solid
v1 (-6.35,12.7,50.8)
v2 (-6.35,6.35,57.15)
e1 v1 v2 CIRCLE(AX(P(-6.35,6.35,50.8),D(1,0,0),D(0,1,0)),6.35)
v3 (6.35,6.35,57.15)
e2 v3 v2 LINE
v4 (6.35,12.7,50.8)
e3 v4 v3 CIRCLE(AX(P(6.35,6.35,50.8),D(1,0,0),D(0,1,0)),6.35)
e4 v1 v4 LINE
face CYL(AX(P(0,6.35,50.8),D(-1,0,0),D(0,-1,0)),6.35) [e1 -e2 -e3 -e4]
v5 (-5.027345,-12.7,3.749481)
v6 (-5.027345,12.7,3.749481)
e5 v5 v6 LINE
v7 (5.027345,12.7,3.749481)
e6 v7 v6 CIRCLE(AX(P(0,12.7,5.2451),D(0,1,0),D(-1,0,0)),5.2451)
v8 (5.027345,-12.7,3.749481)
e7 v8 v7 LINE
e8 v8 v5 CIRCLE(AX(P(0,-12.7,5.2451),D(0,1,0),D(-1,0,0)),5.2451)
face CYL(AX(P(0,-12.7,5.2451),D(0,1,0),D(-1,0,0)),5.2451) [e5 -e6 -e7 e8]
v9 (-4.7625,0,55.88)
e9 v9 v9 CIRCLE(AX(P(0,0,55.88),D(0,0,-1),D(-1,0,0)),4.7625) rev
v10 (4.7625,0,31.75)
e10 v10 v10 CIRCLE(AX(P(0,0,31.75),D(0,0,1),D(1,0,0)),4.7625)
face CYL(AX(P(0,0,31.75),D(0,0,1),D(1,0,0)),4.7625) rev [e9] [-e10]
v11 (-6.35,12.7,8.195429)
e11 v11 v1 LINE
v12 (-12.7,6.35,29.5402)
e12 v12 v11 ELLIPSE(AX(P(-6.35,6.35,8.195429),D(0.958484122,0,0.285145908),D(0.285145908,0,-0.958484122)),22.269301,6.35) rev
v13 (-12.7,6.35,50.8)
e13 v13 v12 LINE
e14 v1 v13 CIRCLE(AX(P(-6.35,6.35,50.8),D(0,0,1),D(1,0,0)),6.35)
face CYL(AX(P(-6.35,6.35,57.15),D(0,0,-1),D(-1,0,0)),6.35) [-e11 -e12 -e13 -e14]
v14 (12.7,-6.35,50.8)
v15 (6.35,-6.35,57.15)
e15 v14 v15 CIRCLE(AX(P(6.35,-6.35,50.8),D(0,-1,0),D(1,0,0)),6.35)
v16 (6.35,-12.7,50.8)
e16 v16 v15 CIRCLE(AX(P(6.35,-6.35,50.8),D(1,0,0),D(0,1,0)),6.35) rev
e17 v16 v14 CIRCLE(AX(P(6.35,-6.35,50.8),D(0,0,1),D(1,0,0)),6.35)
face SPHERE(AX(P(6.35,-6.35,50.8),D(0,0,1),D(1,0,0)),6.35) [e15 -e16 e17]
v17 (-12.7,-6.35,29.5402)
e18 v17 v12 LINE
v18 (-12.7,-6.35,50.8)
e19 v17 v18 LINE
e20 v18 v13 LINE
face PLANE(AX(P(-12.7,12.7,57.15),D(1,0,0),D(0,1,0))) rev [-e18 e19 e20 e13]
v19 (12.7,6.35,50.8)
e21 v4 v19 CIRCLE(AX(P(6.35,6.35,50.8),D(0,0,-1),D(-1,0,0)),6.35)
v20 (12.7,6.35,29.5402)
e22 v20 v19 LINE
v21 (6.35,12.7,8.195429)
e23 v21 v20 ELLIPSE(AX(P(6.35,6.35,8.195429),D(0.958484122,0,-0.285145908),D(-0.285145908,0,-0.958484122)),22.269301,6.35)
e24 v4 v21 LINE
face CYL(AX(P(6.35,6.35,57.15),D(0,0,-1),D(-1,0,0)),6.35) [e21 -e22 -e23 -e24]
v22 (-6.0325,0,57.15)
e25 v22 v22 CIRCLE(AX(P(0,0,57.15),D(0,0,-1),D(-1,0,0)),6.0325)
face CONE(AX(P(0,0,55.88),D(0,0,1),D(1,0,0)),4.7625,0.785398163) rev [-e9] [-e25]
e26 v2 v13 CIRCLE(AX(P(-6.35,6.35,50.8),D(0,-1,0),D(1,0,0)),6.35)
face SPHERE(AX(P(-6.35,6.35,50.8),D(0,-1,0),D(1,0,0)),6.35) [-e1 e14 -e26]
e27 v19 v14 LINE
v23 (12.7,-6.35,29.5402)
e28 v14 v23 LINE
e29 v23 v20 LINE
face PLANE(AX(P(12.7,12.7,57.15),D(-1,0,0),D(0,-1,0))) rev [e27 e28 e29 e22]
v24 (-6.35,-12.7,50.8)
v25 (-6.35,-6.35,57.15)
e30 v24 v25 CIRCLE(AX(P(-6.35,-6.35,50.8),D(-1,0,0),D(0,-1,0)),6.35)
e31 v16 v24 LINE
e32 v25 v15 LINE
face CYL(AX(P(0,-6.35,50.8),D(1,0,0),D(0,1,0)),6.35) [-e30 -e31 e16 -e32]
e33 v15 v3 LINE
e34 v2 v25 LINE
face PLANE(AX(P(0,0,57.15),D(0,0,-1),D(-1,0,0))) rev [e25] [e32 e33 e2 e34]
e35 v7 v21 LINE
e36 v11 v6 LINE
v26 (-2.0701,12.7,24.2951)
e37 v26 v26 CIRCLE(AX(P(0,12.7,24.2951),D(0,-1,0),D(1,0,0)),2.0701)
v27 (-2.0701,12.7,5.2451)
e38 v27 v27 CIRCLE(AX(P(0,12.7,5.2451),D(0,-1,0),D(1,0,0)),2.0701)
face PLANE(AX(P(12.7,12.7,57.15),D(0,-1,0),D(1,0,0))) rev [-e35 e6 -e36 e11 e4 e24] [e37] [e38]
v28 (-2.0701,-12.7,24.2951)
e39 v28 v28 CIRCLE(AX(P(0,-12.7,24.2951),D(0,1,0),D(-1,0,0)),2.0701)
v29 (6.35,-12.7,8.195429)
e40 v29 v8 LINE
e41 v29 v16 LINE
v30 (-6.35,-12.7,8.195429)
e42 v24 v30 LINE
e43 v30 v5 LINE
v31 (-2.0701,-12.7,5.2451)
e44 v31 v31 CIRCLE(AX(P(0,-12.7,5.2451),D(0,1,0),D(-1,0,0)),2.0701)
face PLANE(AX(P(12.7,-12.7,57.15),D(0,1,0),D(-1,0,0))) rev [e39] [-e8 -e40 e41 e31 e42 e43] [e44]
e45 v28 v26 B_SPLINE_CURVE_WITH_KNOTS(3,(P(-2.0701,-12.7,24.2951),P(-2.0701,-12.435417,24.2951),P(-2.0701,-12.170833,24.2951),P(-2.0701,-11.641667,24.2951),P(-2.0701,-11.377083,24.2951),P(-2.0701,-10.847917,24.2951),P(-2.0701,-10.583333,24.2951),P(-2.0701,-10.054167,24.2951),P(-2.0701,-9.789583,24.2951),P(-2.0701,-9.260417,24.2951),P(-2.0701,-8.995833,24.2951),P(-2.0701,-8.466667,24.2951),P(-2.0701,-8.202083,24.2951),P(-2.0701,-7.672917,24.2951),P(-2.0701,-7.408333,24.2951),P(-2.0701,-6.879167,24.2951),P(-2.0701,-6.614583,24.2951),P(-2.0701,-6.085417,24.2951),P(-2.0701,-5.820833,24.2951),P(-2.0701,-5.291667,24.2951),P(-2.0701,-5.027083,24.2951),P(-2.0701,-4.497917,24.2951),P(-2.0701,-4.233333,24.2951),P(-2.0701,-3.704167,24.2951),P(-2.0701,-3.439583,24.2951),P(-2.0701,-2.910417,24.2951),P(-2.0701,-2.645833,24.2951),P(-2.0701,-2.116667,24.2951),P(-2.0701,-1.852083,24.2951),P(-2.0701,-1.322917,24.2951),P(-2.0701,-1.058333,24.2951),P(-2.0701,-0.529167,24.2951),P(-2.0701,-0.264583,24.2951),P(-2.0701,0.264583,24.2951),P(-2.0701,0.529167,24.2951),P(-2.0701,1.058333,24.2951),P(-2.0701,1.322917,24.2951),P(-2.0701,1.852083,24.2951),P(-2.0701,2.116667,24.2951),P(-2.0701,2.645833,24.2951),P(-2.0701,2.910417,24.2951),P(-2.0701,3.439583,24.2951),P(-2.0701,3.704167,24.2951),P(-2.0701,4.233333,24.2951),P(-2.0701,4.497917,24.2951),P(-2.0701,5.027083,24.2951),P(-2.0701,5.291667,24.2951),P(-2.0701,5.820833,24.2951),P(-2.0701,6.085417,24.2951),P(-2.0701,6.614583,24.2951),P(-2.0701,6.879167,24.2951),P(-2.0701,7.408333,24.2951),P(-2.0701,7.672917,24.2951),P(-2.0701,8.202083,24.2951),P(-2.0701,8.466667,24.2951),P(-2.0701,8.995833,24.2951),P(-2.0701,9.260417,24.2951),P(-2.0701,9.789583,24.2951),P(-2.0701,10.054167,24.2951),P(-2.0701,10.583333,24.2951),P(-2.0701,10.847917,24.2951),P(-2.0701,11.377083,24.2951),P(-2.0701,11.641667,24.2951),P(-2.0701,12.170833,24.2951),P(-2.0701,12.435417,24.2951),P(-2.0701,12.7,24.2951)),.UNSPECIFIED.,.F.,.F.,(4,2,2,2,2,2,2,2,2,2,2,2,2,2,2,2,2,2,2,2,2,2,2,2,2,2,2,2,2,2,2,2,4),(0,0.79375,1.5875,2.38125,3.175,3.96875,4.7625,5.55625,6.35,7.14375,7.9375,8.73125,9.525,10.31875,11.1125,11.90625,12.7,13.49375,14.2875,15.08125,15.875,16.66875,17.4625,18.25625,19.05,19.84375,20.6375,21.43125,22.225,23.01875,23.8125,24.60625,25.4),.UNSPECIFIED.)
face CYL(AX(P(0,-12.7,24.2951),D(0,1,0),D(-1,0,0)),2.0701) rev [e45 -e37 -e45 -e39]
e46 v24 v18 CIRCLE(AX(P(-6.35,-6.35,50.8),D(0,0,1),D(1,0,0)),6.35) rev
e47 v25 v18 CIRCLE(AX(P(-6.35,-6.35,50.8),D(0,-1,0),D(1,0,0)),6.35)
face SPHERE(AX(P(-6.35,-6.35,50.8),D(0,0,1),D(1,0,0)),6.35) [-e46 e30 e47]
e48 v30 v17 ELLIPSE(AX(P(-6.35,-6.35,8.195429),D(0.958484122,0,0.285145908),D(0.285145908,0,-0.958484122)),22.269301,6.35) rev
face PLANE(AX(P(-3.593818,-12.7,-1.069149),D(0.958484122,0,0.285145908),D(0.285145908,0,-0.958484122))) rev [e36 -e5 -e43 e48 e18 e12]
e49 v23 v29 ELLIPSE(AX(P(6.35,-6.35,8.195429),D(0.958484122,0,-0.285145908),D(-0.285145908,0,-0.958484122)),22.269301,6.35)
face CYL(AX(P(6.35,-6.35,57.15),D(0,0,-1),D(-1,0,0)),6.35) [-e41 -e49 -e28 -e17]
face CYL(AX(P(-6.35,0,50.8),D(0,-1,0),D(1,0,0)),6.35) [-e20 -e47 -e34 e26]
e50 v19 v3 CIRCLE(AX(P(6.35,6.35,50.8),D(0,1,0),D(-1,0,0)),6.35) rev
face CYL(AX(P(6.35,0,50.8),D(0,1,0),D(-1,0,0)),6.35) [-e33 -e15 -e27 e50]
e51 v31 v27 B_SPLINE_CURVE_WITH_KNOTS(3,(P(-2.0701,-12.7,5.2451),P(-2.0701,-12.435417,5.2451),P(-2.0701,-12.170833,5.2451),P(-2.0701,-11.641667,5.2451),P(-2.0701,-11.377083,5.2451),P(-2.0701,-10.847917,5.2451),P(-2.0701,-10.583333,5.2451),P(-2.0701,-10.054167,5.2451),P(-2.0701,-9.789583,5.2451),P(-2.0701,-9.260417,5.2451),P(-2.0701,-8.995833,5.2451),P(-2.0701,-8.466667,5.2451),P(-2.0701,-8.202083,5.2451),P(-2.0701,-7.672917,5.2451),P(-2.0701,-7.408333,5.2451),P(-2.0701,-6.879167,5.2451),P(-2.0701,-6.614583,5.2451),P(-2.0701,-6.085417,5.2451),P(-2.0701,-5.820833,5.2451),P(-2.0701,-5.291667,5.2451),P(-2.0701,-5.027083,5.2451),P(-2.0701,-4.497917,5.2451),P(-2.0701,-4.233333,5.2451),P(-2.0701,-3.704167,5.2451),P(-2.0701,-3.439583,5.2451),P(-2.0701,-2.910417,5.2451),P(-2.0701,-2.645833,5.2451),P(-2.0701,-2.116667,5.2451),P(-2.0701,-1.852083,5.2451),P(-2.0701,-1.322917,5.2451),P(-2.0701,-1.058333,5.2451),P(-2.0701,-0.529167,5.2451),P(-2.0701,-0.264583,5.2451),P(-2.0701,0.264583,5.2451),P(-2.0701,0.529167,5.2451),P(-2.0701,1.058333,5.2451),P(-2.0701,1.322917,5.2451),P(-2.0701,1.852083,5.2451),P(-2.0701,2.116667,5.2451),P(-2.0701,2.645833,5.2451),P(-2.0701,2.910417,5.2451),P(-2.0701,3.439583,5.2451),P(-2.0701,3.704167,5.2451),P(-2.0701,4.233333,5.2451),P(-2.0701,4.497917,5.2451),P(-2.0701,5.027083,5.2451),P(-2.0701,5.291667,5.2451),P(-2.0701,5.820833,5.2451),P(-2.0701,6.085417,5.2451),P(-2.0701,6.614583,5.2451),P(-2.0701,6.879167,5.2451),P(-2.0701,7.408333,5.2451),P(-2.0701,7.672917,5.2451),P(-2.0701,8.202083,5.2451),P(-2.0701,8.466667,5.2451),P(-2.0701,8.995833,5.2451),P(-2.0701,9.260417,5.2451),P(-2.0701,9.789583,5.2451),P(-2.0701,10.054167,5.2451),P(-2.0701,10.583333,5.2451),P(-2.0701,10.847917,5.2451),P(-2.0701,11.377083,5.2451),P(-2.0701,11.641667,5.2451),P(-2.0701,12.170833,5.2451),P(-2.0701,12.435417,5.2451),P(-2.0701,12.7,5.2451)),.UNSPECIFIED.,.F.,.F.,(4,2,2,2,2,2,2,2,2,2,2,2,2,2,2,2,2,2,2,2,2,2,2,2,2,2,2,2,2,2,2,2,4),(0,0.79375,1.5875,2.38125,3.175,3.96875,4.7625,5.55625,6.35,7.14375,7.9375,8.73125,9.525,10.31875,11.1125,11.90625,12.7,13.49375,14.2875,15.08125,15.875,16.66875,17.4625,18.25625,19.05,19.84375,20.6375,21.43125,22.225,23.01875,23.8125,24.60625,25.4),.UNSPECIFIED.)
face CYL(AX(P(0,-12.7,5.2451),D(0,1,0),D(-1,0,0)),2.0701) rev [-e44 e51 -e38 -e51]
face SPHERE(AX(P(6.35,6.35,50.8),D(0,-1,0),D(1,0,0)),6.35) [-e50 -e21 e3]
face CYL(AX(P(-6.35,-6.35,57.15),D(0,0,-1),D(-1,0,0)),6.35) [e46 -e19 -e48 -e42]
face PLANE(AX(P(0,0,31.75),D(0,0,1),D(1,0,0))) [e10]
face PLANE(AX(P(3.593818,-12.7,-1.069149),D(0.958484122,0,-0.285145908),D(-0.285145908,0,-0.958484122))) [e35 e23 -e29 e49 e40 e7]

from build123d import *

# Parameters (mm, degrees)
SKETCH1_W               = 25.4
SKETCH1_H               = 25.4
BOSS_EXTRUDE1_DEPTH     = 57.15
CUT_EXTRUDE1_DEPTH      = 64.816710194
CUT_EXTRUDE1_DEPTH_BACK = 64.816710194
SKETCH2_R               = 2.0701
SKETCH4_R               = 4.7625
CUT_EXTRUDE2_DEPTH      = 25.4
CHAMFER1_SIZE           = 1.27
FILLET1_R               = 6.35
FILLET2_R               = 6.35


with BuildPart() as part:
    # Sketch1 → Boss-Extrude1 (new body)
    with BuildSketch(Plane.XY):
        Rectangle(SKETCH1_W, SKETCH1_H)
    extrude(amount=BOSS_EXTRUDE1_DEPTH)

    # Sketch2 → Cut-Extrude1 (cut, two sides: drawn at the far end of the back side and taken through both)
    with BuildSketch(Plane(origin=(0, 12.7, 0), x_dir=(1, 0, 0), z_dir=(0, 1, 0)).offset(-CUT_EXTRUDE1_DEPTH_BACK)):
        with BuildLine():
            Line((-12.7, 0), (-12.7, -29.5402))
            Line((-12.7, -29.5402), (-5.027345066, -3.749481199))
            ThreePointArc((-5.027345066, -3.749481199), (-3.135793664, -1.040593833), (7e-09, 0))
            Line((7e-09, 0), (-12.7, 0))
        make_face()
        with BuildLine():
            Line((5.027345066, -3.749481199), (12.7, -29.5402))
            Line((12.7, -29.5402), (12.7, 0))
            Line((12.7, 0), (7e-09, 0))
            ThreePointArc((7e-09, 0), (3.135793669, -1.040593837), (5.027345066, -3.749481199))
        make_face()
        with Locations(Location((0, -5.2451, 0), (0, 0, 180))):
            Circle(SKETCH2_R)
        with Locations(Location((0, -24.2951, 0), (0, 0, 180))):
            Circle(SKETCH2_R)
    extrude(amount=CUT_EXTRUDE1_DEPTH + CUT_EXTRUDE1_DEPTH_BACK, mode=Mode.SUBTRACT)

    # Sketch4 → Cut-Extrude2 (cut)
    with BuildSketch(Plane.XY.offset(57.15)):
        Circle(SKETCH4_R)
    extrude(amount=-CUT_EXTRUDE2_DEPTH, mode=Mode.SUBTRACT)

    # Chamfer1
    chamfer1_edges = [part.edges().sort_by_distance(p)[0] for p in [
        (-4.7625, 0, 57.15),
    ]]
    chamfer(chamfer1_edges, length=CHAMFER1_SIZE)

    # Fillet1
    fillet1_edges = [part.edges().sort_by_distance(p)[0] for p in [
        (12.7, 0, 57.15),
        (-12.7, 0, 57.15),
        (0, -12.7, 57.15),
        (12.7, -12.7, 43.3451),
        (-12.7, -12.7, 43.3451),
    ]]
    fillet(fillet1_edges, radius=FILLET1_R)

    # Fillet2
    fillet2_edges = [part.edges().sort_by_distance(p)[0] for p in [
        (-12.7, 12.7, 40.1701),
        (12.7, 12.7, 40.1701),
        (0, 12.7, 57.15),
        (10.840128061, 12.7, 55.290128061),
        (-10.840128061, 12.7, 55.290128061),
    ]]
    fillet(fillet2_edges, radius=FILLET2_R)


solid = part.part
